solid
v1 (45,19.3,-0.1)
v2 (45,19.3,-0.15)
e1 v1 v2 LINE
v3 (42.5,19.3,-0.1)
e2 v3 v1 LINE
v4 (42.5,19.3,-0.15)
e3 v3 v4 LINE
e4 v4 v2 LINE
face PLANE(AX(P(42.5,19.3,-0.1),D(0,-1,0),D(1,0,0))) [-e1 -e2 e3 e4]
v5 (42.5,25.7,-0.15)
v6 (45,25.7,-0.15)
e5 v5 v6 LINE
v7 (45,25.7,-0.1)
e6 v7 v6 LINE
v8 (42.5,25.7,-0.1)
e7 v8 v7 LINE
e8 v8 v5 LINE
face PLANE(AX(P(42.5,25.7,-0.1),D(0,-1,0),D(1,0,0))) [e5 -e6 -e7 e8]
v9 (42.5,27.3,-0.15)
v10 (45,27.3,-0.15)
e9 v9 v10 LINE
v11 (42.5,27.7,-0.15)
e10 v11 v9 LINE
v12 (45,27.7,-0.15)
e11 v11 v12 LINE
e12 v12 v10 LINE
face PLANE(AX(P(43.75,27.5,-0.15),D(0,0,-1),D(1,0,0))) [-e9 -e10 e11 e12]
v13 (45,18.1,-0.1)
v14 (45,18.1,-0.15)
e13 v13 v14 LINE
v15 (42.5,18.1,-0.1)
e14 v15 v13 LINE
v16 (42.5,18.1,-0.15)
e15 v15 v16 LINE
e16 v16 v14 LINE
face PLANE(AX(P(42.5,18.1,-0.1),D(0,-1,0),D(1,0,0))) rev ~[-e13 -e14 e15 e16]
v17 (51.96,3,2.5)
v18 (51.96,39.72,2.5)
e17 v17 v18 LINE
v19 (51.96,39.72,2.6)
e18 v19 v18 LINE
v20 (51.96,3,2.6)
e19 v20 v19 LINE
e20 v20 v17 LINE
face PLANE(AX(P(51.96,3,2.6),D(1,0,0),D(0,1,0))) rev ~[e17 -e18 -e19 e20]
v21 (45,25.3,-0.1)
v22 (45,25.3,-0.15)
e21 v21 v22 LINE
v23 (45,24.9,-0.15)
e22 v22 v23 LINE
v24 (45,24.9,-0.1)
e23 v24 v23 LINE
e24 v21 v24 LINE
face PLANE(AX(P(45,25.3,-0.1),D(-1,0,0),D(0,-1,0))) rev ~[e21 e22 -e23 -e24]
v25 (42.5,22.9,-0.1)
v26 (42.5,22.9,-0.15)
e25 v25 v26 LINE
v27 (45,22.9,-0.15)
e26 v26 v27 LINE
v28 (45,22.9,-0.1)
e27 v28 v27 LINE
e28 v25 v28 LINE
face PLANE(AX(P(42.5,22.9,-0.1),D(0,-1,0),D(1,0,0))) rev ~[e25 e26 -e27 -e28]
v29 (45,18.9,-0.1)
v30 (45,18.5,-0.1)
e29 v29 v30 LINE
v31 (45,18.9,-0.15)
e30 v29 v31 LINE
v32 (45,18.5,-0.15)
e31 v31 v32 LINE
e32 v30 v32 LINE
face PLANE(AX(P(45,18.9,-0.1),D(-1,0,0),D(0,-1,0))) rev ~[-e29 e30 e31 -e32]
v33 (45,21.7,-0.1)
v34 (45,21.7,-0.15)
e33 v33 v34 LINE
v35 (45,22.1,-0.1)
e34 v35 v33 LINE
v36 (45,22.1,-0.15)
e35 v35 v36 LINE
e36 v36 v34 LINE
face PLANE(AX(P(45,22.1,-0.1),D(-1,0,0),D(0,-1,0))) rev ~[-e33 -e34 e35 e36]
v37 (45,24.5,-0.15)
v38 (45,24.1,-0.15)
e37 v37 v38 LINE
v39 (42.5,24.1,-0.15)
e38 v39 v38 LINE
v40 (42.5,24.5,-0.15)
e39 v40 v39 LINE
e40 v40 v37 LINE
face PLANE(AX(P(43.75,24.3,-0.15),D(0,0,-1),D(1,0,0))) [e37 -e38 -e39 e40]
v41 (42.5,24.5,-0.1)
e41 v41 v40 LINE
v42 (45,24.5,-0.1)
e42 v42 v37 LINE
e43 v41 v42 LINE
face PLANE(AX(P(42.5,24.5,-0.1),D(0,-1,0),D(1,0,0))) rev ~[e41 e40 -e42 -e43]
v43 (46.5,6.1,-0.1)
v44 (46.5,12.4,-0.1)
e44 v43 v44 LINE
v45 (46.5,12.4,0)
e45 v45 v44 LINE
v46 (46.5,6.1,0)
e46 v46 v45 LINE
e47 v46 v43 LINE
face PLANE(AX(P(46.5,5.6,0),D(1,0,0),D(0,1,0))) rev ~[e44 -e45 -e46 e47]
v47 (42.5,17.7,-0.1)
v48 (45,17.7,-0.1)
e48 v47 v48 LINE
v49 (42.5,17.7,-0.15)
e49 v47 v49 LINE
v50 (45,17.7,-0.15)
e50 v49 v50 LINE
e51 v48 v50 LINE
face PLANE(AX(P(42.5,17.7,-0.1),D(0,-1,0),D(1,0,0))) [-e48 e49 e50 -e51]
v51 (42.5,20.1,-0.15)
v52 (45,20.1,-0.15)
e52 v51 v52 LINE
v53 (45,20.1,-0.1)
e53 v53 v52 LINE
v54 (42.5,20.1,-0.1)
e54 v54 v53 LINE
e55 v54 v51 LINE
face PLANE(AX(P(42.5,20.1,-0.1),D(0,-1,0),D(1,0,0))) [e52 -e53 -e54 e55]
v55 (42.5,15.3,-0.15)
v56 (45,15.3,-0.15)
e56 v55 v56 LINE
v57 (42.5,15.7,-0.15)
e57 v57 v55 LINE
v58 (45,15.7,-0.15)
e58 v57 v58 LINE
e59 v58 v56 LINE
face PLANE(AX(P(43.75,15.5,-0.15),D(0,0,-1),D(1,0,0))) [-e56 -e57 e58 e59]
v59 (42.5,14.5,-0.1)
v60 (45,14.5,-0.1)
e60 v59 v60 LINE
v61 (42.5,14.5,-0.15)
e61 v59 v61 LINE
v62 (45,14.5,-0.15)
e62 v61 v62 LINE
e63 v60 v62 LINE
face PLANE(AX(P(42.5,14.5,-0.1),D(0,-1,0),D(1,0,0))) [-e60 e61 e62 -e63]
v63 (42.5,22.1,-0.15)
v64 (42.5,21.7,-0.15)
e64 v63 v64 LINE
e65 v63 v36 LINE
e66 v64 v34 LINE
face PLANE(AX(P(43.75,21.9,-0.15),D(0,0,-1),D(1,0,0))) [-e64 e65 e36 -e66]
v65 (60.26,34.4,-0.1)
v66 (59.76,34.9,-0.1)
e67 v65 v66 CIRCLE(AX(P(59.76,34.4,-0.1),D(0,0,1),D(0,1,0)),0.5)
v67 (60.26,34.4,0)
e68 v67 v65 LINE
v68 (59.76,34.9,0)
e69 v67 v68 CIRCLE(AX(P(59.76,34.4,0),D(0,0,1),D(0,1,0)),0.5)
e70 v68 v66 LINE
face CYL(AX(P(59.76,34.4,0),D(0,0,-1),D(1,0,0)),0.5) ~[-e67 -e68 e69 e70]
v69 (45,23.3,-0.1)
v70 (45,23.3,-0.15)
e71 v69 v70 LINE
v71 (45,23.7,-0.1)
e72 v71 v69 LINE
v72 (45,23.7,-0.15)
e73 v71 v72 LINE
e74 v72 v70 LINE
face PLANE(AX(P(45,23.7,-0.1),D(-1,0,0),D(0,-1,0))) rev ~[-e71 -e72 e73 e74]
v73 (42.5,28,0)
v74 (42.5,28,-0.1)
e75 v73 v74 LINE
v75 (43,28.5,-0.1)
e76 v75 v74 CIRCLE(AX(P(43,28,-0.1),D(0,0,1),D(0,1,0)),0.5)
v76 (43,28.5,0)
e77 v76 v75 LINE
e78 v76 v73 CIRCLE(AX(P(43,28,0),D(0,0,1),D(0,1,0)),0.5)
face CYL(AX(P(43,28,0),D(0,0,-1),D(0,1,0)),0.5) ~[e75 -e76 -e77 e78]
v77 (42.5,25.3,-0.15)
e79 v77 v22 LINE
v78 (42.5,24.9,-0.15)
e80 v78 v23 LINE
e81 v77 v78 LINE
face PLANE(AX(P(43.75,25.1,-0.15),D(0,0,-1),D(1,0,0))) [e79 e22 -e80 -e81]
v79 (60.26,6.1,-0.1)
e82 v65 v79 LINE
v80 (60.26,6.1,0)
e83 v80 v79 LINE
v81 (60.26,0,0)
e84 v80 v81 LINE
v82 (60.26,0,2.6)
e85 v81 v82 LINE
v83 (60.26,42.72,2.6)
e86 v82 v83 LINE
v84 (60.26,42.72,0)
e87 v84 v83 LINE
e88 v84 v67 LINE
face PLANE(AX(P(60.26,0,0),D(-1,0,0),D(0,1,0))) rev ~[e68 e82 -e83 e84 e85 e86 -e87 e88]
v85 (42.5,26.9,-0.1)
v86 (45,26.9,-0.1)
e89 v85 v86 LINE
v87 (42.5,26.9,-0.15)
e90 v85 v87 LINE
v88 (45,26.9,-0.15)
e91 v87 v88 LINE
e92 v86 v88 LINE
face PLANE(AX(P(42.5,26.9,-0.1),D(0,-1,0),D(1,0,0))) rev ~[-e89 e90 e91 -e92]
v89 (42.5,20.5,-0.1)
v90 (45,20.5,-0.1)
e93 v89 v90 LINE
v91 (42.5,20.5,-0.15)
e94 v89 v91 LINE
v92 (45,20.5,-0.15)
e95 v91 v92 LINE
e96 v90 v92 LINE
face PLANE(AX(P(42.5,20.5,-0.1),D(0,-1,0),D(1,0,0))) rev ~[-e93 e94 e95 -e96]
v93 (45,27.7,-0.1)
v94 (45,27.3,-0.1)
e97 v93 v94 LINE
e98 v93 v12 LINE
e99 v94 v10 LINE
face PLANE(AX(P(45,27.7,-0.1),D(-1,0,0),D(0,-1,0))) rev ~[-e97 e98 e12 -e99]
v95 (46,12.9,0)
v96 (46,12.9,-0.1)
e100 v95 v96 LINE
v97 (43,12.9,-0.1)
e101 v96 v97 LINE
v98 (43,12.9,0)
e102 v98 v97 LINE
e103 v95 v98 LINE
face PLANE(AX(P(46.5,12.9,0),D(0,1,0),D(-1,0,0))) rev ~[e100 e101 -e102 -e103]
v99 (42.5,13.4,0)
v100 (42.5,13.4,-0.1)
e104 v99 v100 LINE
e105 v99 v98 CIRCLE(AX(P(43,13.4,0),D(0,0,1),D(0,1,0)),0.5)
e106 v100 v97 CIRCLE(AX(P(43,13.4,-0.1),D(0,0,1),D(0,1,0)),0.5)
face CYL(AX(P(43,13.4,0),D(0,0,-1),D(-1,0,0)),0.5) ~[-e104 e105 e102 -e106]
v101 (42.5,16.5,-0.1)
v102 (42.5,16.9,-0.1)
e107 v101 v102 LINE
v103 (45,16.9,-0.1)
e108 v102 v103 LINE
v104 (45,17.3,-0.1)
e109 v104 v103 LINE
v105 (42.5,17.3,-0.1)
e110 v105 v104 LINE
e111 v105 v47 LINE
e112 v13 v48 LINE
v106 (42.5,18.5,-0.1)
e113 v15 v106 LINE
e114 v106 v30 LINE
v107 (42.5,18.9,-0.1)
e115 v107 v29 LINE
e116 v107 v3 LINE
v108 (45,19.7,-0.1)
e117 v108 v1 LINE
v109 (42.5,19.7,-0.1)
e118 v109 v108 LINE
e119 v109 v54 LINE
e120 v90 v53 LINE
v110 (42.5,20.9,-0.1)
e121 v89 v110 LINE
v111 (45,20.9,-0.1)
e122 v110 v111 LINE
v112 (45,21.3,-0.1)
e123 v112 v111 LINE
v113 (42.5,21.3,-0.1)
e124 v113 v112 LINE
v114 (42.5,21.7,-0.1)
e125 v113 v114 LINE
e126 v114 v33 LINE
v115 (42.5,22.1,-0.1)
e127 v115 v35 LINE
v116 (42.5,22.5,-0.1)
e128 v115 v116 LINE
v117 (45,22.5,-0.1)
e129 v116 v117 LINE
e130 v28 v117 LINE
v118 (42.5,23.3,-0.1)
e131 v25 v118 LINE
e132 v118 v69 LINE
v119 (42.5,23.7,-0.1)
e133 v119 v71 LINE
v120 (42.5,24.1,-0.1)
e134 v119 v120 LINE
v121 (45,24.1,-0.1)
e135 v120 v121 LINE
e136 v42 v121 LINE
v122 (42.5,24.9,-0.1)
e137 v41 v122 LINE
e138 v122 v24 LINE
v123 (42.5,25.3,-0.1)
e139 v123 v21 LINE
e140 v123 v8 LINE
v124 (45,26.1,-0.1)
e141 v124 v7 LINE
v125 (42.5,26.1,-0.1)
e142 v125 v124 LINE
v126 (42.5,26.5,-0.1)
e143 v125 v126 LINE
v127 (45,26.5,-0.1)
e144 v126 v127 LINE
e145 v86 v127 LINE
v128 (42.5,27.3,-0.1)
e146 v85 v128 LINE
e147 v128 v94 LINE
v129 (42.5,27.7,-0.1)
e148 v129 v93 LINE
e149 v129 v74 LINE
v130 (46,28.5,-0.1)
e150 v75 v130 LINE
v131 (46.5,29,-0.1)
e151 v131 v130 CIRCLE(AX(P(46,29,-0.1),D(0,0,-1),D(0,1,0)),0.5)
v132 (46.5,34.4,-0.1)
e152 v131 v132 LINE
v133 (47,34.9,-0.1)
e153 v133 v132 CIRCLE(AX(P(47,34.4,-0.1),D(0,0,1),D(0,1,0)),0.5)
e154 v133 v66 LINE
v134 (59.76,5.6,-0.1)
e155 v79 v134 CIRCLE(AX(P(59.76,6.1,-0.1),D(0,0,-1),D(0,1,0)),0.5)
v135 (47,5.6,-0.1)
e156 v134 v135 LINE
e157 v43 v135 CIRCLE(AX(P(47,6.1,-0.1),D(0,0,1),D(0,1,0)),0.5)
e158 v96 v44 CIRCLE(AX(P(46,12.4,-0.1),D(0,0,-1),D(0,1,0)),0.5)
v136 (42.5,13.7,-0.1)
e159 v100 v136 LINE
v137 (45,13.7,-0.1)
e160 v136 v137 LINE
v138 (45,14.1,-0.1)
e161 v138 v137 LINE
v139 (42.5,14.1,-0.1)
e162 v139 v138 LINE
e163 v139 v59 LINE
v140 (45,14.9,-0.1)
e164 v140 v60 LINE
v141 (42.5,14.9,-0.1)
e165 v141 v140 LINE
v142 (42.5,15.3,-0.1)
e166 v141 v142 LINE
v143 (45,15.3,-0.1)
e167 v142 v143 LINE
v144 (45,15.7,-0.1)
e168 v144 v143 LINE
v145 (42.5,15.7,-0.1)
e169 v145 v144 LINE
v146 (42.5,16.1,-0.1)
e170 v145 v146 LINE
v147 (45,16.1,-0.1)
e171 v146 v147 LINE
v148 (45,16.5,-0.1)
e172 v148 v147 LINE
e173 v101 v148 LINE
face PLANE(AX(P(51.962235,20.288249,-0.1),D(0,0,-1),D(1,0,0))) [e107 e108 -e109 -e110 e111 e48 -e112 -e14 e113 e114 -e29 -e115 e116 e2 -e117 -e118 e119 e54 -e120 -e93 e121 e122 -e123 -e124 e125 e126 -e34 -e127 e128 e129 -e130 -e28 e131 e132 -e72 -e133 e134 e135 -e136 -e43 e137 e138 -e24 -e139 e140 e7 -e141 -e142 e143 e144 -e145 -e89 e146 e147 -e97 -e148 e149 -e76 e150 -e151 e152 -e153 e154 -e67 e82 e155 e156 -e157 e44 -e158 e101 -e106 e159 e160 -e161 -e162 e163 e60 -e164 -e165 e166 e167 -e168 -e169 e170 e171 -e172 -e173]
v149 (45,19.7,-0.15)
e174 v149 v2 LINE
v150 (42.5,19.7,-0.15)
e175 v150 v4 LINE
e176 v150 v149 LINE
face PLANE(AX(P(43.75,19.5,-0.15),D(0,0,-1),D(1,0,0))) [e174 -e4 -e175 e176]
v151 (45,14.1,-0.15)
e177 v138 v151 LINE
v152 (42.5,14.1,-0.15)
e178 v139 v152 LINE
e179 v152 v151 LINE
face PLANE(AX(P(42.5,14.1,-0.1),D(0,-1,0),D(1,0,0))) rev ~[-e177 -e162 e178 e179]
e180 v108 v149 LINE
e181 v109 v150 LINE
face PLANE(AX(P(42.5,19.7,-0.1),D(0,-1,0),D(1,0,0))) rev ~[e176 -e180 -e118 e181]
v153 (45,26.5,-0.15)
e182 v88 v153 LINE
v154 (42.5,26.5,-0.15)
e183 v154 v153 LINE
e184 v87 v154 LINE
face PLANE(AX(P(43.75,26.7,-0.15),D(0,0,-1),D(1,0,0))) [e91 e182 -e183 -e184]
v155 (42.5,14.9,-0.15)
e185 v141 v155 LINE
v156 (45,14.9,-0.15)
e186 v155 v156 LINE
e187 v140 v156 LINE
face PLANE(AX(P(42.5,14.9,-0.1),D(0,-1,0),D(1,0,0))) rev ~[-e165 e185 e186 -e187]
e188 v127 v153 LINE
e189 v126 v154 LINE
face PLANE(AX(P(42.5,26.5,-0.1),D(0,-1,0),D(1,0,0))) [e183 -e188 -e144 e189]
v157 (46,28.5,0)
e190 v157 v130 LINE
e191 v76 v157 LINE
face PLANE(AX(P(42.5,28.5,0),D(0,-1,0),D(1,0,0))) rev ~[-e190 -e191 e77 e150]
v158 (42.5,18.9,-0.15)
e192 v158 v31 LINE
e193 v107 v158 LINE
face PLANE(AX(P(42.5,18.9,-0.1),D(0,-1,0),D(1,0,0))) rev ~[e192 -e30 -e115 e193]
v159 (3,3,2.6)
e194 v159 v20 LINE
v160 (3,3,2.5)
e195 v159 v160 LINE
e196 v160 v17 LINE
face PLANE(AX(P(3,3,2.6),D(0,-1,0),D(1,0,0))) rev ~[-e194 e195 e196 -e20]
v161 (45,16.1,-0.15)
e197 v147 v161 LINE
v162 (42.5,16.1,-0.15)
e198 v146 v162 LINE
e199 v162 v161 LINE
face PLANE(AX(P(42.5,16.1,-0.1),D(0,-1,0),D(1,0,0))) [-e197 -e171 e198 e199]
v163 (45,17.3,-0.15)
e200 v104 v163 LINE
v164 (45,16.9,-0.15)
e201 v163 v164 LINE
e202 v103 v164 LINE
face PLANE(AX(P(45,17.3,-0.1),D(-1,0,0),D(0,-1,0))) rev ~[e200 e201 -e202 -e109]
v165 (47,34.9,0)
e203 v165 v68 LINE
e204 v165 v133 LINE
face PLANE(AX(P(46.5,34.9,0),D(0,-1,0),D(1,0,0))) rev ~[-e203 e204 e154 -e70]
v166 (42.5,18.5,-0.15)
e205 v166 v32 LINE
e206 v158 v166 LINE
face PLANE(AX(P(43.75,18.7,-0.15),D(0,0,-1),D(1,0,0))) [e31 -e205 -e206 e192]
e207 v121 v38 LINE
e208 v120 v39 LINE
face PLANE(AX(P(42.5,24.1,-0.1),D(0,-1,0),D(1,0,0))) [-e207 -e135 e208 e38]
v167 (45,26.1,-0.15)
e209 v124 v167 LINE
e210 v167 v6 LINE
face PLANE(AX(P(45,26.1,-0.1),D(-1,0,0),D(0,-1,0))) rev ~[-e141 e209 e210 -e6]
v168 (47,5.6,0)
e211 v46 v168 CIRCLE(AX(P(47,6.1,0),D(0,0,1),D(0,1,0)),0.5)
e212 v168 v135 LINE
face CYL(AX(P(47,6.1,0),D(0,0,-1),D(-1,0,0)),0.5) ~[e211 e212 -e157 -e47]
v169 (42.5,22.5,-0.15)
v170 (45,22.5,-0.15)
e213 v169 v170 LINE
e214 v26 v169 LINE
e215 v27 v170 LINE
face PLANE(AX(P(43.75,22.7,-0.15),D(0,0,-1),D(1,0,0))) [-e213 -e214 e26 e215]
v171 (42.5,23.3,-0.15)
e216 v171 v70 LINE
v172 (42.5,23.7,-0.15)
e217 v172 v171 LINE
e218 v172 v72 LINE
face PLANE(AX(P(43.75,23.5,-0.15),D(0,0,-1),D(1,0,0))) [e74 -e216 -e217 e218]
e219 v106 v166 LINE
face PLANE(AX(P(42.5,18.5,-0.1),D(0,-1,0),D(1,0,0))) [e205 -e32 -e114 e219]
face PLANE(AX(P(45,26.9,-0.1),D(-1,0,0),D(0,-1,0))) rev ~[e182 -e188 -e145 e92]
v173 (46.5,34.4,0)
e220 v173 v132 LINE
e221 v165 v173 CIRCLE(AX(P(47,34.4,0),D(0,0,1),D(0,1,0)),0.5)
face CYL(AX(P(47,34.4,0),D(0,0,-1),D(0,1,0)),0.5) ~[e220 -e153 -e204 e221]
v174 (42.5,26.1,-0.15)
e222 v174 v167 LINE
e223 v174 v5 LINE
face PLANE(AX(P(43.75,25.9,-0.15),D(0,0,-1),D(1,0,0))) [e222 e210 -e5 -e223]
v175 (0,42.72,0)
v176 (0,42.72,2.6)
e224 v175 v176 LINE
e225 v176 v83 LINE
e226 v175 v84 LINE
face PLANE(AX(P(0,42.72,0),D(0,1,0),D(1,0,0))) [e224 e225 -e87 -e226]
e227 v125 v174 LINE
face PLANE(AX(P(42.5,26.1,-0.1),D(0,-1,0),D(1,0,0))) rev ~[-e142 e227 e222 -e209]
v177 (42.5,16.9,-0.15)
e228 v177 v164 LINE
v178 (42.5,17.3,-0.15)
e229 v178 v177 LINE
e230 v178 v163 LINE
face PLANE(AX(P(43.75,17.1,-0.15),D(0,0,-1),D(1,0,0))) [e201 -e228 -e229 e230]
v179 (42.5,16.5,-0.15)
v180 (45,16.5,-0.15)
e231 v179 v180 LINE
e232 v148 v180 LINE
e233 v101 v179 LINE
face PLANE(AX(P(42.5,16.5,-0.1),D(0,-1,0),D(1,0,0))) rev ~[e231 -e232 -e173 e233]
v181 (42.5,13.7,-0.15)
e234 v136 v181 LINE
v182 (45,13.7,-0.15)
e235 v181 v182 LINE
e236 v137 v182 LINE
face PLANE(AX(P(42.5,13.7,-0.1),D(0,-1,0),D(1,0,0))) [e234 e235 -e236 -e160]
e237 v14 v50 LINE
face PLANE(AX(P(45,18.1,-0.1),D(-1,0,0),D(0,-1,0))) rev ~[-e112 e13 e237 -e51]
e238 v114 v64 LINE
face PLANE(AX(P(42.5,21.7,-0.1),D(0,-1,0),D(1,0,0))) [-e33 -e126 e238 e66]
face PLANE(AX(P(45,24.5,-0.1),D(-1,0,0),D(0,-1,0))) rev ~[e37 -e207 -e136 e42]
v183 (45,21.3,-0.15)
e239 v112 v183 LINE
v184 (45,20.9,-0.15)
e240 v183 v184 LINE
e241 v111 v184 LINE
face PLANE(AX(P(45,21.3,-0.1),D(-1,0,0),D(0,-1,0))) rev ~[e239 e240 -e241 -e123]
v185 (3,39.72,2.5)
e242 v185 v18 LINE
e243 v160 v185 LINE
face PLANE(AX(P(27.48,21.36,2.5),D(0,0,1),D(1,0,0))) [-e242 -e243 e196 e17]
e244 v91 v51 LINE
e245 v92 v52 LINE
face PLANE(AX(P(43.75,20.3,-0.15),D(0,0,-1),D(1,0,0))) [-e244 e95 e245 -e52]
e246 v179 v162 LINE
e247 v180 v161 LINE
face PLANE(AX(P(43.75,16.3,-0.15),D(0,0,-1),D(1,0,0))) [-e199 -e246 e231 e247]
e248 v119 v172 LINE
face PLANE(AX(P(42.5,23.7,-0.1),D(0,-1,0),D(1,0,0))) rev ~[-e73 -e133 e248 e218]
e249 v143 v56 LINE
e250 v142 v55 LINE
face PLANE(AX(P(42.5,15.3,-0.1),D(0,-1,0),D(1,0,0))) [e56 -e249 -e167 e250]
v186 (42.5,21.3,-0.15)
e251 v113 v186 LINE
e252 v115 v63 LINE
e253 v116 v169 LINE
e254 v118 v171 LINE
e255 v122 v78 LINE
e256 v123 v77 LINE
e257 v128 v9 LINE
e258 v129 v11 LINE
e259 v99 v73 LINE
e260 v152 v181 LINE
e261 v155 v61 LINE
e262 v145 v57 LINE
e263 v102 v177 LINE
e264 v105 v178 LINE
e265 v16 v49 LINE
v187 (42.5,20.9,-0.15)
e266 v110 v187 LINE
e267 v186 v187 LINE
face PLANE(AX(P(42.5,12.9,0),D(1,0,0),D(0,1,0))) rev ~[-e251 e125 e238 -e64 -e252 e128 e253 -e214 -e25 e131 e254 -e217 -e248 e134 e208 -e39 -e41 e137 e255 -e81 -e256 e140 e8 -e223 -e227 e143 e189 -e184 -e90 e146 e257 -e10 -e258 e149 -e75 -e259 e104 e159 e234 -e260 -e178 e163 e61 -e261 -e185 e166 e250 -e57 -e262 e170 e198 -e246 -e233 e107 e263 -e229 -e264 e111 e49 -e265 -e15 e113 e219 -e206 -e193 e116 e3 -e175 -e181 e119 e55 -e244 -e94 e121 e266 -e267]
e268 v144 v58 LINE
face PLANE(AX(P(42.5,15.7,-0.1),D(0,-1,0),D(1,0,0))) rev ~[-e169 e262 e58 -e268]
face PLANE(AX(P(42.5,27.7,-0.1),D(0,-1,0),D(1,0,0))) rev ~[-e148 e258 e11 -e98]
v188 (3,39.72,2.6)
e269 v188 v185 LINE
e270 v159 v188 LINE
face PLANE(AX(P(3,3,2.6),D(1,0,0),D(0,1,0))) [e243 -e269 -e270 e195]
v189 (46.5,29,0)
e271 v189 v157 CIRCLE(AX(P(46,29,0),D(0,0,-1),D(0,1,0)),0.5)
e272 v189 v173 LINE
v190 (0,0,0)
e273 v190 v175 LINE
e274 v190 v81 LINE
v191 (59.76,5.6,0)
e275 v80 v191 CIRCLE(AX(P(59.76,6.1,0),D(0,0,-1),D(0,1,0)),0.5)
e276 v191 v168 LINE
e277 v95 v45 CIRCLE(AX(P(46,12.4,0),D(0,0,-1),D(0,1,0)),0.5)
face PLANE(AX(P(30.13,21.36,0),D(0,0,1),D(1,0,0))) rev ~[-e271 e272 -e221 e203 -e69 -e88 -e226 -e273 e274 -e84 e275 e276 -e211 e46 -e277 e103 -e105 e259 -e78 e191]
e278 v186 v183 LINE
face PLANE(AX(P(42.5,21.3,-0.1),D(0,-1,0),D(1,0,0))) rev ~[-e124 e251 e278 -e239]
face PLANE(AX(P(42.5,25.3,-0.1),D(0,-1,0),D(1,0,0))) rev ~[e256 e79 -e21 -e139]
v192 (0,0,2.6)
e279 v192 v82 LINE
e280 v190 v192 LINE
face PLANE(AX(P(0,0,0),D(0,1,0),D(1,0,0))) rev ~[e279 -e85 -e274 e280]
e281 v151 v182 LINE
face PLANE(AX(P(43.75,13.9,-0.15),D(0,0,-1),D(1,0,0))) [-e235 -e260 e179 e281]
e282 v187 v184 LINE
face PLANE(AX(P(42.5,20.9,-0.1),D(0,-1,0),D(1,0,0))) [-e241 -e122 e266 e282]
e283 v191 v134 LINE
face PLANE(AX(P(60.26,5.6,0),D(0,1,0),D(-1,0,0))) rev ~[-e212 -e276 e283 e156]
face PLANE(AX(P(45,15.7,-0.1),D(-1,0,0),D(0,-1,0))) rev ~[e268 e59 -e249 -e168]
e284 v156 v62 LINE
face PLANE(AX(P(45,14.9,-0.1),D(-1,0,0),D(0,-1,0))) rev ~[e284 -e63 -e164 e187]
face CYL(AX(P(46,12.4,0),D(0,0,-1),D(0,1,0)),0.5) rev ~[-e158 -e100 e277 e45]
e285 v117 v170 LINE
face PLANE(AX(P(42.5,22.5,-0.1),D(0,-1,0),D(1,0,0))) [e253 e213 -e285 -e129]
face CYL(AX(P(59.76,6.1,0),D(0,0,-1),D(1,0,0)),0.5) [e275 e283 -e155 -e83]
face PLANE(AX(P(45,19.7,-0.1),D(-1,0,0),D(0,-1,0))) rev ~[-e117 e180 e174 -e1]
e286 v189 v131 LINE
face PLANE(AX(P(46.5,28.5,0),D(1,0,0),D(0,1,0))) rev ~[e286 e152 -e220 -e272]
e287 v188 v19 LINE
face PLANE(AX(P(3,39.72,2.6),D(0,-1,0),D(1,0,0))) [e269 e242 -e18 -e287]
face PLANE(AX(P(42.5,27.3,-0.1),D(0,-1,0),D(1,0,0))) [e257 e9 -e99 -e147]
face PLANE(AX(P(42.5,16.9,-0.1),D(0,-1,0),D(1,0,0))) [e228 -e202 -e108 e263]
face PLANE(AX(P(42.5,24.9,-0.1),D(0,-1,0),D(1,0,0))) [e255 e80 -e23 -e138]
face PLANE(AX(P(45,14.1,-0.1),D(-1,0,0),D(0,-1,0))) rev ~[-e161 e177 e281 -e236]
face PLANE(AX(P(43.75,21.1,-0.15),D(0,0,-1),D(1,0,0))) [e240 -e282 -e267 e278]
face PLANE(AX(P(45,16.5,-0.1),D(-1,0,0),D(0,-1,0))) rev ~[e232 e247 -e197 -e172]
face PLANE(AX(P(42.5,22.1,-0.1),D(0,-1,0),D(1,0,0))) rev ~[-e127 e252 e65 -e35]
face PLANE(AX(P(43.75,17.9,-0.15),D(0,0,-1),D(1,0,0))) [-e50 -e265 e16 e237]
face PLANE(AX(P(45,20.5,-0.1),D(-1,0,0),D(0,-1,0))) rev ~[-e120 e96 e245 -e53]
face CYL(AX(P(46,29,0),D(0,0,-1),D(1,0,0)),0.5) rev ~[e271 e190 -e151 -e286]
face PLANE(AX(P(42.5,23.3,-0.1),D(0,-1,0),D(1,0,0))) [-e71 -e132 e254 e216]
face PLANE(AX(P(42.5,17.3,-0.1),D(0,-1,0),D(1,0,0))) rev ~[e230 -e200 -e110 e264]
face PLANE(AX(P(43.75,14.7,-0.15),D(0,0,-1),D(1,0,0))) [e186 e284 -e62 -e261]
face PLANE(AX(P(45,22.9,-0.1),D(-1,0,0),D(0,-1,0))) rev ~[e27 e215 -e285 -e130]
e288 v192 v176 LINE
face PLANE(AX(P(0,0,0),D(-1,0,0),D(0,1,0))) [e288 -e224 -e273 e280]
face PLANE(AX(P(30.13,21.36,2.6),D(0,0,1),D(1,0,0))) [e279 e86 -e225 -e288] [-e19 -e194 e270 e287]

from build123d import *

# Parameters (mm, degrees)
SKETCH_W            = 60.26
SKETCH_H            = 42.72
PAD_DEPTH           = 2.6
SKETCH001_W         = 48.96
SKETCH001_H         = 36.72
POCKET_DEPTH        = 0.1
PAD001_DEPTH        = 0.1
FILLET_R            = 0.5
SKETCH003_W         = 2.5
SKETCH003_H         = 0.4
PAD002_DEPTH        = 0.05
LINEARPATTERN_COUNT = 18
LINEARPATTERN_PITCH = 0.8


with BuildPart() as part:
    # Sketch → Pad (new body)
    with BuildSketch(Plane.XY):
        with Locations((30.13, 21.36)):
            Rectangle(SKETCH_W, SKETCH_H)
    extrude(amount=PAD_DEPTH)

    # Sketch001 (on Face6 of Pad) → Pocket (cut)
    with BuildSketch(Plane.XY.offset(2.6)):
        with Locations((27.48, 21.36)):
            Rectangle(SKETCH001_W, SKETCH001_H)
    extrude(amount=-POCKET_DEPTH, mode=Mode.SUBTRACT)

    # Sketch002 (on Face4 of Pocket) → Pad001 (join)
    with BuildSketch(Plane(origin=(0, 0, 0), x_dir=(1, 0, 0), z_dir=(0, 0, -1))):
        Polygon((60.26, -5.6), (46.5, -5.6), (46.5, -12.9), (42.5, -12.9), (42.5, -28.5), (46.5, -28.5), (46.5, -34.9), (60.26, -34.9), align=None)
    extrude(amount=PAD001_DEPTH)

    # Fillet
    fillet_edges = [part.edges().sort_by_distance(p)[0] for p in [
        (46.5, 5.6, -0.05),
        (46.5, 12.9, -0.05),
        (42.5, 12.9, -0.05),
        (42.5, 28.5, -0.05),
        (46.5, 28.5, -0.05),
        (46.5, 34.9, -0.05),
        (60.26, 34.9, -0.05),
        (60.26, 5.6, -0.05),
    ]]
    fillet(fillet_edges, radius=FILLET_R)

    # Sketch003 (on Face22 of Fillet) → Pad002 (join)
    with BuildSketch(Plane(origin=(0, 0, -0.1), x_dir=(1, 0, 0), z_dir=(0, 0, -1))):
        with Locations((43.75, -13.9)):
            Rectangle(SKETCH003_W, SKETCH003_H)
    pad002 = extrude(amount=PAD002_DEPTH)

    # LinearPattern: Pad002 ×18
    with Locations(*[(0, i * LINEARPATTERN_PITCH, 0) for i in range(1, LINEARPATTERN_COUNT)]):
        add(pad002)


solid = part.part
